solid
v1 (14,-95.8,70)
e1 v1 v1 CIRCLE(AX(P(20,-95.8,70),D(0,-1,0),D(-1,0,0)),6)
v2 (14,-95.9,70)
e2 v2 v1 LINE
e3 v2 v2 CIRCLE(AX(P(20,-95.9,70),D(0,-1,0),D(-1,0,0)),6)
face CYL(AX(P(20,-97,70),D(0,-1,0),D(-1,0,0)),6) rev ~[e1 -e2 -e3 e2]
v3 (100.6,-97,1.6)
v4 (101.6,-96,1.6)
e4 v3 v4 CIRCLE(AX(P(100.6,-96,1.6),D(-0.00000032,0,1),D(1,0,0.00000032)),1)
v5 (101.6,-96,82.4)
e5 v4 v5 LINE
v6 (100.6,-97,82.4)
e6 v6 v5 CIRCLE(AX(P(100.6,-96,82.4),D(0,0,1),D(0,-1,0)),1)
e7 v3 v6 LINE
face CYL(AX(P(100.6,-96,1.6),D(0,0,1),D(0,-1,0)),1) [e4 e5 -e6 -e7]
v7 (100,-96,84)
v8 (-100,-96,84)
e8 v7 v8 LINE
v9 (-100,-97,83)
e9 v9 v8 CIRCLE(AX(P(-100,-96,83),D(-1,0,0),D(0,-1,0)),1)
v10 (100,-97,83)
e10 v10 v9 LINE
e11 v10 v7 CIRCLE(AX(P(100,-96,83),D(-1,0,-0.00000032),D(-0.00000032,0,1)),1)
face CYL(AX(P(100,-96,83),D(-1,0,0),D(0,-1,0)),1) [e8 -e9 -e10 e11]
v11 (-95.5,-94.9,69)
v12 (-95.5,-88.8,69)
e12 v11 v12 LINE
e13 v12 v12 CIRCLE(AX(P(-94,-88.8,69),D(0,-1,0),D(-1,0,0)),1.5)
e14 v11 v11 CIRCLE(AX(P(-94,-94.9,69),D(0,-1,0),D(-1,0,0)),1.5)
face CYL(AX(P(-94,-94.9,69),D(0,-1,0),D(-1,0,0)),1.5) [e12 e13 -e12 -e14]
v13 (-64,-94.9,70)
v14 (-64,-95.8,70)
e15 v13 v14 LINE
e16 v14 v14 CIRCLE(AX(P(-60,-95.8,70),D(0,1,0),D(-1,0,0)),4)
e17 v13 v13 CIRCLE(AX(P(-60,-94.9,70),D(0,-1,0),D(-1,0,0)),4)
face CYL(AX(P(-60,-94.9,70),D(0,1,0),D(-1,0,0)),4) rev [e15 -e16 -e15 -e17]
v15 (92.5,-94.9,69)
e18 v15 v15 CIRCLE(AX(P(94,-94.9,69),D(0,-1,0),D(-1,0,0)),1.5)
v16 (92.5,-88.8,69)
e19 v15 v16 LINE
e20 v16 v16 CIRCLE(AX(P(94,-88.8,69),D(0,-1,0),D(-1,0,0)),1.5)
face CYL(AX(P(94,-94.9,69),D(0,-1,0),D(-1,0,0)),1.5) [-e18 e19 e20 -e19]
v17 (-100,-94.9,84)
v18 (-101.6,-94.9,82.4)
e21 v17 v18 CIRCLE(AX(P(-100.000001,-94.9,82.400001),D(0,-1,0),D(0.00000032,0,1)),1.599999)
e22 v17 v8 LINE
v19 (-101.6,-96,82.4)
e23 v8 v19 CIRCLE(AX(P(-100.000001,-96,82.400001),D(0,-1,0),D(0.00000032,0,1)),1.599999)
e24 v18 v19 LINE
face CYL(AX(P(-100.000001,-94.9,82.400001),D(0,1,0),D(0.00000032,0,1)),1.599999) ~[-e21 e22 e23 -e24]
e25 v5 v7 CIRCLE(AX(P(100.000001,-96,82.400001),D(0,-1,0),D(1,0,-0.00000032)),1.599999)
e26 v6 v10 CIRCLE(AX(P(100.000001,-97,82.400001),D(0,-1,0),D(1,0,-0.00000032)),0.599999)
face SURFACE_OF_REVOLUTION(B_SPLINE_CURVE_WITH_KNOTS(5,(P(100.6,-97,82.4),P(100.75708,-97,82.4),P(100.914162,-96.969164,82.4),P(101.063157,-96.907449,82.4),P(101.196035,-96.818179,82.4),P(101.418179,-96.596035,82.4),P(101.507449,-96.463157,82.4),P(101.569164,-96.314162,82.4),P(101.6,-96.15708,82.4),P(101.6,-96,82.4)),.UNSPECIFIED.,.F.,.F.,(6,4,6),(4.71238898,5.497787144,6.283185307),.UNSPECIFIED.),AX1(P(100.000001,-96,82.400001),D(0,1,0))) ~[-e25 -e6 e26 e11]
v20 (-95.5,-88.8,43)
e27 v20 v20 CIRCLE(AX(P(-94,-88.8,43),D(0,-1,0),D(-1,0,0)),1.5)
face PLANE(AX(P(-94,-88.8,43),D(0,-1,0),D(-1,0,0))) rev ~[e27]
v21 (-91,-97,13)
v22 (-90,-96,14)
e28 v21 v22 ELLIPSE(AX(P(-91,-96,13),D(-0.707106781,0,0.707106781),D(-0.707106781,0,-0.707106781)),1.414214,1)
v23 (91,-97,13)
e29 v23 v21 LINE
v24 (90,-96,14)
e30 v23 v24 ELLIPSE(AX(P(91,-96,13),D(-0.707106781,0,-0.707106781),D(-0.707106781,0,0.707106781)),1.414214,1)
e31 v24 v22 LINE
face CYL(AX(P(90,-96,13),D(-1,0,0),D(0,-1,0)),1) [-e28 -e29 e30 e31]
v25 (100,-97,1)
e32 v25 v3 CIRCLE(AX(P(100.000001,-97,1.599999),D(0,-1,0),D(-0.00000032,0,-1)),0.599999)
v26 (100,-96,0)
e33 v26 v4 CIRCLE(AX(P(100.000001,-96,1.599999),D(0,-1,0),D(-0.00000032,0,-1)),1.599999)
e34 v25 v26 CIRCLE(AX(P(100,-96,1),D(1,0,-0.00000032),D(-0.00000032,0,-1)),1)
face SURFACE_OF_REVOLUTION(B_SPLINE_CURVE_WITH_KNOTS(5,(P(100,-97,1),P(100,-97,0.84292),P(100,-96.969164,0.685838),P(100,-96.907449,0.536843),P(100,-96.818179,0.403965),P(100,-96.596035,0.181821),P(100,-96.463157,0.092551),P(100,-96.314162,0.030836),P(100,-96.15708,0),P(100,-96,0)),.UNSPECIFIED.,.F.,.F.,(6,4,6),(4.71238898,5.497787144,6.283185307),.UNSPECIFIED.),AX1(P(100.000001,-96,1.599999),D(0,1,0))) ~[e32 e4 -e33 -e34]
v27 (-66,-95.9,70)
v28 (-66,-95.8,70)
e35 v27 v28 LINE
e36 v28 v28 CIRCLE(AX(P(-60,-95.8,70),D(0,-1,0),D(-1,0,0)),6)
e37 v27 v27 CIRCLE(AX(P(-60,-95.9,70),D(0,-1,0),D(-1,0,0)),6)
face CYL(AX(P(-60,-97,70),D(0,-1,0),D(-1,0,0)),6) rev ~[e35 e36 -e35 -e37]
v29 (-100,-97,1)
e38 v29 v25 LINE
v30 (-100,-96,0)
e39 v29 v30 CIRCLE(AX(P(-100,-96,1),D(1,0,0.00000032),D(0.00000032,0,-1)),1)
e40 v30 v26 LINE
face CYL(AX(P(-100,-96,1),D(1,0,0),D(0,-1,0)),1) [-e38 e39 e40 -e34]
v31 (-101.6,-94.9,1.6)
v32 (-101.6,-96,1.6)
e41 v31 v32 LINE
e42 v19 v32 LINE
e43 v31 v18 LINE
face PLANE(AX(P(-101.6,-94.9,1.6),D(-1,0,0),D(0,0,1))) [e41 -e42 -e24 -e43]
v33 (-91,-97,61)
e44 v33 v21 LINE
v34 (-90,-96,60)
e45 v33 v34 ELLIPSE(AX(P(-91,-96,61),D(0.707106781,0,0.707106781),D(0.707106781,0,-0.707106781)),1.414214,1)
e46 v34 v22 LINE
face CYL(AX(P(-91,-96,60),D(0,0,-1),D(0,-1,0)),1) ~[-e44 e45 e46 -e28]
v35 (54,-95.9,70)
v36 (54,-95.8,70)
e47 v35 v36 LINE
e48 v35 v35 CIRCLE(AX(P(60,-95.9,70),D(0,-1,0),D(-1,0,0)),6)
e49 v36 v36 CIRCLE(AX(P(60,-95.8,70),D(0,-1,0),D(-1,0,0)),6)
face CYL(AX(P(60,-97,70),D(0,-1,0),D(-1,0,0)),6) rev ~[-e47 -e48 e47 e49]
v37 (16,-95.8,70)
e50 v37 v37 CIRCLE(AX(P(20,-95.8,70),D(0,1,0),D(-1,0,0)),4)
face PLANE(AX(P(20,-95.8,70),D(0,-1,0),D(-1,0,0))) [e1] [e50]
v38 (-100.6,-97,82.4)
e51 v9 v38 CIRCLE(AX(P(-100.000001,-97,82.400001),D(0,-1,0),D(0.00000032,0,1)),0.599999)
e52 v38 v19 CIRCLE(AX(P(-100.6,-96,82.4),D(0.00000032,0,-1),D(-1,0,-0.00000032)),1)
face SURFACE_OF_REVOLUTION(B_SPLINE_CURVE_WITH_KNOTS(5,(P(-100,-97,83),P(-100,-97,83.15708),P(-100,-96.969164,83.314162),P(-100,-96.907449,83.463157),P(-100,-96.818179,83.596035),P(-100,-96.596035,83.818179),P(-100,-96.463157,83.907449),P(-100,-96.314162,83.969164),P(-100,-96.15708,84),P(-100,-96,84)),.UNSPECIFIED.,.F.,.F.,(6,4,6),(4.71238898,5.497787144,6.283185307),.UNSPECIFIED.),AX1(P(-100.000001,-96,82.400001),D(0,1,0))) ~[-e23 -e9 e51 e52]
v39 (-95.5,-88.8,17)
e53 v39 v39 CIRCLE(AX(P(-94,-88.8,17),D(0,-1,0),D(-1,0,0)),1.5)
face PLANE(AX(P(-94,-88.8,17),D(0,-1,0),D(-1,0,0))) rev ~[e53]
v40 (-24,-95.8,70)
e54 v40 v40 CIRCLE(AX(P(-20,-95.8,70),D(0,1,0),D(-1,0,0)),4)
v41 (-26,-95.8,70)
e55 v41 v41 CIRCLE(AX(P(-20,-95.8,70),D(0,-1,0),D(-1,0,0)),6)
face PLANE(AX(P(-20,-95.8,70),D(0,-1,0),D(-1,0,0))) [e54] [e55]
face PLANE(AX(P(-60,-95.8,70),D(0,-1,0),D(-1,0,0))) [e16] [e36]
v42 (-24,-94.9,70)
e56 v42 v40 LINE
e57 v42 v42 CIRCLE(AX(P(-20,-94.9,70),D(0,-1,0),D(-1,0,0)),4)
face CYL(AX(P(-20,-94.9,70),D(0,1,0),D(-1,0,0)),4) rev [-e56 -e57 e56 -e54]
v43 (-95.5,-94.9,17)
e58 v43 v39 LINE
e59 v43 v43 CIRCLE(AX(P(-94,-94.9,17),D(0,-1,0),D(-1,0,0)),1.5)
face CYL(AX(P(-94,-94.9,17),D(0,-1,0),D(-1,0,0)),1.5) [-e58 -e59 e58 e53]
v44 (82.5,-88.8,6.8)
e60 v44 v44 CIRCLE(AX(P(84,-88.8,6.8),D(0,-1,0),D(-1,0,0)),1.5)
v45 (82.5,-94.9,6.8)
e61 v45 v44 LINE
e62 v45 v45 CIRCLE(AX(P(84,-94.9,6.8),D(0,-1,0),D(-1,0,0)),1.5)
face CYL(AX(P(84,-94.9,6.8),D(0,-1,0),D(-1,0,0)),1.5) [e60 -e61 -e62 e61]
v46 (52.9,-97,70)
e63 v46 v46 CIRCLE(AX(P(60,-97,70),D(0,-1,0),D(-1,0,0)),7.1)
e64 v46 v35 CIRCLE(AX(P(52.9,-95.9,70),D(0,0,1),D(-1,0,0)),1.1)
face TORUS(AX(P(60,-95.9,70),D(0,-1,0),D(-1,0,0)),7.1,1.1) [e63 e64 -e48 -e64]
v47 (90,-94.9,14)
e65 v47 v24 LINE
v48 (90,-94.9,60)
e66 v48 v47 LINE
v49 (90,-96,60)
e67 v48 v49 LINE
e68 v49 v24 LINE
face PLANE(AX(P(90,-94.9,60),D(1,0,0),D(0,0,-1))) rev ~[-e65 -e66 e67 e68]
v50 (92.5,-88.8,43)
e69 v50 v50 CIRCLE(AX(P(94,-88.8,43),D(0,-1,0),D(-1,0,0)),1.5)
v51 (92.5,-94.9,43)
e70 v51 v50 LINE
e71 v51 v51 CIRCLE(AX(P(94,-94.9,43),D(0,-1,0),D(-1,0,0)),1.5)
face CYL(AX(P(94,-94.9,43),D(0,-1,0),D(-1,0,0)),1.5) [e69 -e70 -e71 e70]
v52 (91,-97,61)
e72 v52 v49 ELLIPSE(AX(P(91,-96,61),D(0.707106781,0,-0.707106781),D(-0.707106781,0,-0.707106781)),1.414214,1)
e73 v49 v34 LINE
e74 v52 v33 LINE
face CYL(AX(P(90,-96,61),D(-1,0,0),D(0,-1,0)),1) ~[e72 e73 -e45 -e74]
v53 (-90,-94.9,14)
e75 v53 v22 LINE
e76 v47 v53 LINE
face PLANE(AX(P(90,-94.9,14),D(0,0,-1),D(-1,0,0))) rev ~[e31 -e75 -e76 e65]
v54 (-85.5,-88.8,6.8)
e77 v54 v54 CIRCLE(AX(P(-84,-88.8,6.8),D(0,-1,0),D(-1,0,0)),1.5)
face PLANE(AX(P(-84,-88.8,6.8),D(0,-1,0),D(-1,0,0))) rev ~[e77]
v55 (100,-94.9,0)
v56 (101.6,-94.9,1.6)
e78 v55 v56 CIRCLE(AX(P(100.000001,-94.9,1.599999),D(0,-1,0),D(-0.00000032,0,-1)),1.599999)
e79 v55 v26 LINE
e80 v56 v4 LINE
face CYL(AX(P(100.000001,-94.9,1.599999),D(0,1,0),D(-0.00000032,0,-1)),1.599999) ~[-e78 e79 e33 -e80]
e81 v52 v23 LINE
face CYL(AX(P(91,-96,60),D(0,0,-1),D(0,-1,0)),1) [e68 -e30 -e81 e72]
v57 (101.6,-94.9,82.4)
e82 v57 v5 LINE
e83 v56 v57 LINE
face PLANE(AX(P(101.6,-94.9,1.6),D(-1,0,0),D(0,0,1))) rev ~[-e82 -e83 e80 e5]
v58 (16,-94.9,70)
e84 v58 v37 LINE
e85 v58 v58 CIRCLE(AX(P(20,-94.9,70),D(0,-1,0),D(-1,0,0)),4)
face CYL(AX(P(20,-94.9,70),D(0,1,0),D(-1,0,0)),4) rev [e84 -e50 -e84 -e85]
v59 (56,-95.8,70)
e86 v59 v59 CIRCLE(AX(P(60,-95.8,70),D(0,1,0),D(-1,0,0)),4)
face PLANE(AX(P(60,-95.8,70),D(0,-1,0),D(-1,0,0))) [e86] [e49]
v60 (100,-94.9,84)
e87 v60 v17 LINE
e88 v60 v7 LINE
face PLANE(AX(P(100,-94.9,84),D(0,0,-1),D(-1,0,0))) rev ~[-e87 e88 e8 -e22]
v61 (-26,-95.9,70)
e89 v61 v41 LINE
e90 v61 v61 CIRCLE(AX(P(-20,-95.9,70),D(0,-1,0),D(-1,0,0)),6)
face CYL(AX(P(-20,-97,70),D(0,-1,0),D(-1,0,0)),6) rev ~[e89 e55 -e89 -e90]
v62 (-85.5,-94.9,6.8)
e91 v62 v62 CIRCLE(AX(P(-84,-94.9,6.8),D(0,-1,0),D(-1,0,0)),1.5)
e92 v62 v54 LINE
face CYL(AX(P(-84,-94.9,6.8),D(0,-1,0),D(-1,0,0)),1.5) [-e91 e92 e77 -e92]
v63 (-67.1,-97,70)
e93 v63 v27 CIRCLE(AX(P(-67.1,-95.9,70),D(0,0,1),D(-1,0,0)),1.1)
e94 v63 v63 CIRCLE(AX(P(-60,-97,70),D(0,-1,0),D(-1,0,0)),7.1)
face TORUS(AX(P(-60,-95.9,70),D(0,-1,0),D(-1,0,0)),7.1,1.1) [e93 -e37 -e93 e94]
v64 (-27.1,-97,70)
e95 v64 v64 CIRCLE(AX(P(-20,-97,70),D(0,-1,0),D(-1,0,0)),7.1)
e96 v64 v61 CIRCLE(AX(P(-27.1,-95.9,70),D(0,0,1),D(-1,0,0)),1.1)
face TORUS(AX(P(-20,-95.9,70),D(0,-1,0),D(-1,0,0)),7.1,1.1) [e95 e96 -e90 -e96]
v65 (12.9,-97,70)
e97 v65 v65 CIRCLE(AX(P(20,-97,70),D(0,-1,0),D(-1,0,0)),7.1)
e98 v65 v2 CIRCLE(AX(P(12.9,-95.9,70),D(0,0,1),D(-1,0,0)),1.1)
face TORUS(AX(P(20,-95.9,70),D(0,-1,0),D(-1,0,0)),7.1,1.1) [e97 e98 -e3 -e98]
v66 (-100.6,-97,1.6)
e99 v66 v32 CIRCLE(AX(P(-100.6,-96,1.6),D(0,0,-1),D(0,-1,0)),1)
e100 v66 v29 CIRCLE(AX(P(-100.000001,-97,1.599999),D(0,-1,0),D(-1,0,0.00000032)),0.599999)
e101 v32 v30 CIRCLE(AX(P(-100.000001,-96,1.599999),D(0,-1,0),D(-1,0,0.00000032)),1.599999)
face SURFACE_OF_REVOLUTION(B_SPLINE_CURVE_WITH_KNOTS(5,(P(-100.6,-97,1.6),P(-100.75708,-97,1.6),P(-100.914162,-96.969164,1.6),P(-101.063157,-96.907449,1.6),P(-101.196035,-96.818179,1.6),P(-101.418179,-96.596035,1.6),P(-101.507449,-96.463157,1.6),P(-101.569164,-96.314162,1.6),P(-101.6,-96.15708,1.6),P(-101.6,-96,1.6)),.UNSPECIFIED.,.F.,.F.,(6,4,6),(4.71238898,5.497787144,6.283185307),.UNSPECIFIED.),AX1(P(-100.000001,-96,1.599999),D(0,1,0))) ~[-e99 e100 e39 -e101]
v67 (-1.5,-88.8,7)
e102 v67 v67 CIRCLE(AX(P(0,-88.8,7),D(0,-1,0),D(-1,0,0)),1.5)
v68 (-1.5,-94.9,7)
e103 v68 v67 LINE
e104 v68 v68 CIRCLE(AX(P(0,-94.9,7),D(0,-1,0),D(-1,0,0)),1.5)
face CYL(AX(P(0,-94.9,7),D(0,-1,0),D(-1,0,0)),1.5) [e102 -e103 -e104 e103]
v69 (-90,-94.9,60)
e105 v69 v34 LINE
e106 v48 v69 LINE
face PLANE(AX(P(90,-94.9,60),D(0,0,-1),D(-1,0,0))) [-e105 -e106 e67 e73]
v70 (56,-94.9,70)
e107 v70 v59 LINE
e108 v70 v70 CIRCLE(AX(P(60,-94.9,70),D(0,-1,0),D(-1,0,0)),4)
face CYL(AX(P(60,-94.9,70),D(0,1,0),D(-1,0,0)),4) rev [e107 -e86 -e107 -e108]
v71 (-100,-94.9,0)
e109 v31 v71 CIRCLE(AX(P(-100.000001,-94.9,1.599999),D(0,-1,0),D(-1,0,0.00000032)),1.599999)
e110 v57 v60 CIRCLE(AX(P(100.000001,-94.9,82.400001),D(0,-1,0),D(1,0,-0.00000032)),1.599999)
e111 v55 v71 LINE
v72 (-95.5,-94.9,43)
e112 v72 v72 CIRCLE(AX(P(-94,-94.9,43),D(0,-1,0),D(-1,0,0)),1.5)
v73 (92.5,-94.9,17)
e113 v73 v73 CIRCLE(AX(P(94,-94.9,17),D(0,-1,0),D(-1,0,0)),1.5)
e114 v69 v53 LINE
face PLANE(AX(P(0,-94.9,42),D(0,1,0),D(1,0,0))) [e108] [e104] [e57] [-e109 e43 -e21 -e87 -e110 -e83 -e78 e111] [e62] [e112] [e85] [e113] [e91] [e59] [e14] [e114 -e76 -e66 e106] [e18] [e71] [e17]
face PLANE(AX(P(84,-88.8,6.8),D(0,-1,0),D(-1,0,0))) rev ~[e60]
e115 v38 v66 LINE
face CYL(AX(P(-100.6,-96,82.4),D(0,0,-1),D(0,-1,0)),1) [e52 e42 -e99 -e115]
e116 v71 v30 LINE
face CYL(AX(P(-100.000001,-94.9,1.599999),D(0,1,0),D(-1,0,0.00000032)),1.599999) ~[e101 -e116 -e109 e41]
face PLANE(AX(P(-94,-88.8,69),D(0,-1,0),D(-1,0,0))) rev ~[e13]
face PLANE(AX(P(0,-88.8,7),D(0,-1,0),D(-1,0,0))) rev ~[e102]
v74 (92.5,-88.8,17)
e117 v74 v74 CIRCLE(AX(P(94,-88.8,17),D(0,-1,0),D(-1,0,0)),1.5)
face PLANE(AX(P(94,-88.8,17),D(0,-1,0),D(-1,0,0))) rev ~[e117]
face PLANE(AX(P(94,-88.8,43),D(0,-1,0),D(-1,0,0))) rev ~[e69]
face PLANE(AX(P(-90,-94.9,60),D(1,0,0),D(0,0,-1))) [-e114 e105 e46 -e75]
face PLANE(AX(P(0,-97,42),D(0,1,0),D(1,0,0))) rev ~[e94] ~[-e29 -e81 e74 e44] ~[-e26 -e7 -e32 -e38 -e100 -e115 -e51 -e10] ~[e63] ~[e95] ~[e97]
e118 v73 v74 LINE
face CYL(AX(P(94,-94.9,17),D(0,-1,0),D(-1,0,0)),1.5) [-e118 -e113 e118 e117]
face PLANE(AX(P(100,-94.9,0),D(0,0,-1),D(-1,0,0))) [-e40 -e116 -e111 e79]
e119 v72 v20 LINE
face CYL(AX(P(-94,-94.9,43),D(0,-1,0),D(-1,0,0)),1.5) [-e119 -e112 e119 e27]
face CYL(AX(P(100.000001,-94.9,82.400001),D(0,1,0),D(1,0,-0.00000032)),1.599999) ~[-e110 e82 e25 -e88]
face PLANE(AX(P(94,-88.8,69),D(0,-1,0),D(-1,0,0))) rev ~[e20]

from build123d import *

# Parameters (mm, degrees)
SKETCH013_R             = 4
SKETCH013_W             = 180
SKETCH013_H             = 46
PAD005_DEPTH            = 2.1
SKETCH014_R             = 1.5
PAD006_DEPTH            = 6.1
SKETCH015_R             = 6
POCKET005_DEPTH         = 1.2
FILLET_R                = 1.1
FILLET001_R             = 1
BODY004_PLACEMENT_ANGLE = 180


with BuildPart() as part:
    # Sketch013 → Pad005 (new body)
    with BuildSketch(Plane.XZ):
        with BuildLine():
            Line((-100, 0), (100, 0))
            ThreePointArc((101.6, -1.6), (101.131371, -0.468629), (100, 0))
            Line((101.6, -1.6), (101.6, -82.4))
            ThreePointArc((100, -84), (101.131371, -83.531371), (101.6, -82.4))
            Line((-100, -84), (100, -84))
            ThreePointArc((-101.6, -82.4), (-101.131371, -83.531371), (-100, -84))
            Line((-101.6, -1.6), (-101.6, -82.4))
            ThreePointArc((-100, 0), (-101.131371, -0.468629), (-101.6, -1.6))
        make_face()
        with Locations((-20, -70)):
            Circle(SKETCH013_R, mode=Mode.SUBTRACT)
        with Locations((20, -70)):
            Circle(SKETCH013_R, mode=Mode.SUBTRACT)
        with Locations((60, -70)):
            Circle(SKETCH013_R, mode=Mode.SUBTRACT)
        with Locations((-60, -70)):
            Circle(SKETCH013_R, mode=Mode.SUBTRACT)
        with Locations((0, -37)):
            Rectangle(SKETCH013_W, SKETCH013_H, mode=Mode.SUBTRACT)
    extrude(amount=PAD005_DEPTH)

    # Sketch014 → Pad006 (join)
    with BuildSketch(Plane.XZ):
        with Locations((-84, -6.8)):
            Circle(SKETCH014_R)
        with Locations((84, -6.8)):
            Circle(SKETCH014_R)
        with Locations((94, -17)):
            Circle(SKETCH014_R)
        with Locations((94, -69)):
            Circle(SKETCH014_R)
        with Locations((-94, -69)):
            Circle(SKETCH014_R)
        with Locations((-94, -17)):
            Circle(SKETCH014_R)
        with Locations((0, -7)):
            Circle(SKETCH014_R)
        with Locations((-94, -43)):
            Circle(SKETCH014_R)
        with Locations((94, -43)):
            Circle(SKETCH014_R)
    extrude(amount=-PAD006_DEPTH)

    # Sketch015 (on Face5 of Pad006) → Pocket005 (cut)
    with BuildSketch(Plane.XZ.offset(2.1)):
        with Locations((-60, -70)):
            Circle(SKETCH015_R)
        with Locations((-20, -70)):
            Circle(SKETCH015_R)
        with Locations((20, -70)):
            Circle(SKETCH015_R)
        with Locations((60, -70)):
            Circle(SKETCH015_R)
    extrude(amount=-POCKET005_DEPTH, mode=Mode.SUBTRACT)

    # Fillet
    fillet_edges = [part.edges().sort_by_distance(p)[0] for p in [
        (-66, -2.1, -70),
        (-26, -2.1, -70),
        (14, -2.1, -70),
        (54, -2.1, -70),
    ]]
    fillet(fillet_edges, radius=FILLET_R)

    # Fillet001
    fillet001_edges = [part.edges().sort_by_distance(p)[0] for p in [
        (-67.1, -2.1, -70),
        (-101.131371, -2.1, -0.468629),
        (0, -2.1, 0),
        (-101.6, -2.1, -42),
        (101.131371, -2.1, -0.468629),
        (-101.131371, -2.1, -83.531371),
        (101.6, -2.1, -42),
        (0, -2.1, -84),
        (101.131371, -2.1, -83.531371),
        (0, -2.1, -14),
        (-90, -2.1, -37),
        (90, -2.1, -37),
        (0, -2.1, -60),
        (-27.1, -2.1, -70),
        (12.9, -2.1, -70),
        (52.9, -2.1, -70),
    ]]
    fillet(fillet001_edges, radius=FILLET001_R)


with BuildPart() as part_1:
    # Body004 placement: moved
    add(part.part.moved(Location((0, -94.9, 0))).rotate(Axis((0, -94.9, 0), (0, 1, 0)), BODY004_PLACEMENT_ANGLE))


solid = part_1.part
